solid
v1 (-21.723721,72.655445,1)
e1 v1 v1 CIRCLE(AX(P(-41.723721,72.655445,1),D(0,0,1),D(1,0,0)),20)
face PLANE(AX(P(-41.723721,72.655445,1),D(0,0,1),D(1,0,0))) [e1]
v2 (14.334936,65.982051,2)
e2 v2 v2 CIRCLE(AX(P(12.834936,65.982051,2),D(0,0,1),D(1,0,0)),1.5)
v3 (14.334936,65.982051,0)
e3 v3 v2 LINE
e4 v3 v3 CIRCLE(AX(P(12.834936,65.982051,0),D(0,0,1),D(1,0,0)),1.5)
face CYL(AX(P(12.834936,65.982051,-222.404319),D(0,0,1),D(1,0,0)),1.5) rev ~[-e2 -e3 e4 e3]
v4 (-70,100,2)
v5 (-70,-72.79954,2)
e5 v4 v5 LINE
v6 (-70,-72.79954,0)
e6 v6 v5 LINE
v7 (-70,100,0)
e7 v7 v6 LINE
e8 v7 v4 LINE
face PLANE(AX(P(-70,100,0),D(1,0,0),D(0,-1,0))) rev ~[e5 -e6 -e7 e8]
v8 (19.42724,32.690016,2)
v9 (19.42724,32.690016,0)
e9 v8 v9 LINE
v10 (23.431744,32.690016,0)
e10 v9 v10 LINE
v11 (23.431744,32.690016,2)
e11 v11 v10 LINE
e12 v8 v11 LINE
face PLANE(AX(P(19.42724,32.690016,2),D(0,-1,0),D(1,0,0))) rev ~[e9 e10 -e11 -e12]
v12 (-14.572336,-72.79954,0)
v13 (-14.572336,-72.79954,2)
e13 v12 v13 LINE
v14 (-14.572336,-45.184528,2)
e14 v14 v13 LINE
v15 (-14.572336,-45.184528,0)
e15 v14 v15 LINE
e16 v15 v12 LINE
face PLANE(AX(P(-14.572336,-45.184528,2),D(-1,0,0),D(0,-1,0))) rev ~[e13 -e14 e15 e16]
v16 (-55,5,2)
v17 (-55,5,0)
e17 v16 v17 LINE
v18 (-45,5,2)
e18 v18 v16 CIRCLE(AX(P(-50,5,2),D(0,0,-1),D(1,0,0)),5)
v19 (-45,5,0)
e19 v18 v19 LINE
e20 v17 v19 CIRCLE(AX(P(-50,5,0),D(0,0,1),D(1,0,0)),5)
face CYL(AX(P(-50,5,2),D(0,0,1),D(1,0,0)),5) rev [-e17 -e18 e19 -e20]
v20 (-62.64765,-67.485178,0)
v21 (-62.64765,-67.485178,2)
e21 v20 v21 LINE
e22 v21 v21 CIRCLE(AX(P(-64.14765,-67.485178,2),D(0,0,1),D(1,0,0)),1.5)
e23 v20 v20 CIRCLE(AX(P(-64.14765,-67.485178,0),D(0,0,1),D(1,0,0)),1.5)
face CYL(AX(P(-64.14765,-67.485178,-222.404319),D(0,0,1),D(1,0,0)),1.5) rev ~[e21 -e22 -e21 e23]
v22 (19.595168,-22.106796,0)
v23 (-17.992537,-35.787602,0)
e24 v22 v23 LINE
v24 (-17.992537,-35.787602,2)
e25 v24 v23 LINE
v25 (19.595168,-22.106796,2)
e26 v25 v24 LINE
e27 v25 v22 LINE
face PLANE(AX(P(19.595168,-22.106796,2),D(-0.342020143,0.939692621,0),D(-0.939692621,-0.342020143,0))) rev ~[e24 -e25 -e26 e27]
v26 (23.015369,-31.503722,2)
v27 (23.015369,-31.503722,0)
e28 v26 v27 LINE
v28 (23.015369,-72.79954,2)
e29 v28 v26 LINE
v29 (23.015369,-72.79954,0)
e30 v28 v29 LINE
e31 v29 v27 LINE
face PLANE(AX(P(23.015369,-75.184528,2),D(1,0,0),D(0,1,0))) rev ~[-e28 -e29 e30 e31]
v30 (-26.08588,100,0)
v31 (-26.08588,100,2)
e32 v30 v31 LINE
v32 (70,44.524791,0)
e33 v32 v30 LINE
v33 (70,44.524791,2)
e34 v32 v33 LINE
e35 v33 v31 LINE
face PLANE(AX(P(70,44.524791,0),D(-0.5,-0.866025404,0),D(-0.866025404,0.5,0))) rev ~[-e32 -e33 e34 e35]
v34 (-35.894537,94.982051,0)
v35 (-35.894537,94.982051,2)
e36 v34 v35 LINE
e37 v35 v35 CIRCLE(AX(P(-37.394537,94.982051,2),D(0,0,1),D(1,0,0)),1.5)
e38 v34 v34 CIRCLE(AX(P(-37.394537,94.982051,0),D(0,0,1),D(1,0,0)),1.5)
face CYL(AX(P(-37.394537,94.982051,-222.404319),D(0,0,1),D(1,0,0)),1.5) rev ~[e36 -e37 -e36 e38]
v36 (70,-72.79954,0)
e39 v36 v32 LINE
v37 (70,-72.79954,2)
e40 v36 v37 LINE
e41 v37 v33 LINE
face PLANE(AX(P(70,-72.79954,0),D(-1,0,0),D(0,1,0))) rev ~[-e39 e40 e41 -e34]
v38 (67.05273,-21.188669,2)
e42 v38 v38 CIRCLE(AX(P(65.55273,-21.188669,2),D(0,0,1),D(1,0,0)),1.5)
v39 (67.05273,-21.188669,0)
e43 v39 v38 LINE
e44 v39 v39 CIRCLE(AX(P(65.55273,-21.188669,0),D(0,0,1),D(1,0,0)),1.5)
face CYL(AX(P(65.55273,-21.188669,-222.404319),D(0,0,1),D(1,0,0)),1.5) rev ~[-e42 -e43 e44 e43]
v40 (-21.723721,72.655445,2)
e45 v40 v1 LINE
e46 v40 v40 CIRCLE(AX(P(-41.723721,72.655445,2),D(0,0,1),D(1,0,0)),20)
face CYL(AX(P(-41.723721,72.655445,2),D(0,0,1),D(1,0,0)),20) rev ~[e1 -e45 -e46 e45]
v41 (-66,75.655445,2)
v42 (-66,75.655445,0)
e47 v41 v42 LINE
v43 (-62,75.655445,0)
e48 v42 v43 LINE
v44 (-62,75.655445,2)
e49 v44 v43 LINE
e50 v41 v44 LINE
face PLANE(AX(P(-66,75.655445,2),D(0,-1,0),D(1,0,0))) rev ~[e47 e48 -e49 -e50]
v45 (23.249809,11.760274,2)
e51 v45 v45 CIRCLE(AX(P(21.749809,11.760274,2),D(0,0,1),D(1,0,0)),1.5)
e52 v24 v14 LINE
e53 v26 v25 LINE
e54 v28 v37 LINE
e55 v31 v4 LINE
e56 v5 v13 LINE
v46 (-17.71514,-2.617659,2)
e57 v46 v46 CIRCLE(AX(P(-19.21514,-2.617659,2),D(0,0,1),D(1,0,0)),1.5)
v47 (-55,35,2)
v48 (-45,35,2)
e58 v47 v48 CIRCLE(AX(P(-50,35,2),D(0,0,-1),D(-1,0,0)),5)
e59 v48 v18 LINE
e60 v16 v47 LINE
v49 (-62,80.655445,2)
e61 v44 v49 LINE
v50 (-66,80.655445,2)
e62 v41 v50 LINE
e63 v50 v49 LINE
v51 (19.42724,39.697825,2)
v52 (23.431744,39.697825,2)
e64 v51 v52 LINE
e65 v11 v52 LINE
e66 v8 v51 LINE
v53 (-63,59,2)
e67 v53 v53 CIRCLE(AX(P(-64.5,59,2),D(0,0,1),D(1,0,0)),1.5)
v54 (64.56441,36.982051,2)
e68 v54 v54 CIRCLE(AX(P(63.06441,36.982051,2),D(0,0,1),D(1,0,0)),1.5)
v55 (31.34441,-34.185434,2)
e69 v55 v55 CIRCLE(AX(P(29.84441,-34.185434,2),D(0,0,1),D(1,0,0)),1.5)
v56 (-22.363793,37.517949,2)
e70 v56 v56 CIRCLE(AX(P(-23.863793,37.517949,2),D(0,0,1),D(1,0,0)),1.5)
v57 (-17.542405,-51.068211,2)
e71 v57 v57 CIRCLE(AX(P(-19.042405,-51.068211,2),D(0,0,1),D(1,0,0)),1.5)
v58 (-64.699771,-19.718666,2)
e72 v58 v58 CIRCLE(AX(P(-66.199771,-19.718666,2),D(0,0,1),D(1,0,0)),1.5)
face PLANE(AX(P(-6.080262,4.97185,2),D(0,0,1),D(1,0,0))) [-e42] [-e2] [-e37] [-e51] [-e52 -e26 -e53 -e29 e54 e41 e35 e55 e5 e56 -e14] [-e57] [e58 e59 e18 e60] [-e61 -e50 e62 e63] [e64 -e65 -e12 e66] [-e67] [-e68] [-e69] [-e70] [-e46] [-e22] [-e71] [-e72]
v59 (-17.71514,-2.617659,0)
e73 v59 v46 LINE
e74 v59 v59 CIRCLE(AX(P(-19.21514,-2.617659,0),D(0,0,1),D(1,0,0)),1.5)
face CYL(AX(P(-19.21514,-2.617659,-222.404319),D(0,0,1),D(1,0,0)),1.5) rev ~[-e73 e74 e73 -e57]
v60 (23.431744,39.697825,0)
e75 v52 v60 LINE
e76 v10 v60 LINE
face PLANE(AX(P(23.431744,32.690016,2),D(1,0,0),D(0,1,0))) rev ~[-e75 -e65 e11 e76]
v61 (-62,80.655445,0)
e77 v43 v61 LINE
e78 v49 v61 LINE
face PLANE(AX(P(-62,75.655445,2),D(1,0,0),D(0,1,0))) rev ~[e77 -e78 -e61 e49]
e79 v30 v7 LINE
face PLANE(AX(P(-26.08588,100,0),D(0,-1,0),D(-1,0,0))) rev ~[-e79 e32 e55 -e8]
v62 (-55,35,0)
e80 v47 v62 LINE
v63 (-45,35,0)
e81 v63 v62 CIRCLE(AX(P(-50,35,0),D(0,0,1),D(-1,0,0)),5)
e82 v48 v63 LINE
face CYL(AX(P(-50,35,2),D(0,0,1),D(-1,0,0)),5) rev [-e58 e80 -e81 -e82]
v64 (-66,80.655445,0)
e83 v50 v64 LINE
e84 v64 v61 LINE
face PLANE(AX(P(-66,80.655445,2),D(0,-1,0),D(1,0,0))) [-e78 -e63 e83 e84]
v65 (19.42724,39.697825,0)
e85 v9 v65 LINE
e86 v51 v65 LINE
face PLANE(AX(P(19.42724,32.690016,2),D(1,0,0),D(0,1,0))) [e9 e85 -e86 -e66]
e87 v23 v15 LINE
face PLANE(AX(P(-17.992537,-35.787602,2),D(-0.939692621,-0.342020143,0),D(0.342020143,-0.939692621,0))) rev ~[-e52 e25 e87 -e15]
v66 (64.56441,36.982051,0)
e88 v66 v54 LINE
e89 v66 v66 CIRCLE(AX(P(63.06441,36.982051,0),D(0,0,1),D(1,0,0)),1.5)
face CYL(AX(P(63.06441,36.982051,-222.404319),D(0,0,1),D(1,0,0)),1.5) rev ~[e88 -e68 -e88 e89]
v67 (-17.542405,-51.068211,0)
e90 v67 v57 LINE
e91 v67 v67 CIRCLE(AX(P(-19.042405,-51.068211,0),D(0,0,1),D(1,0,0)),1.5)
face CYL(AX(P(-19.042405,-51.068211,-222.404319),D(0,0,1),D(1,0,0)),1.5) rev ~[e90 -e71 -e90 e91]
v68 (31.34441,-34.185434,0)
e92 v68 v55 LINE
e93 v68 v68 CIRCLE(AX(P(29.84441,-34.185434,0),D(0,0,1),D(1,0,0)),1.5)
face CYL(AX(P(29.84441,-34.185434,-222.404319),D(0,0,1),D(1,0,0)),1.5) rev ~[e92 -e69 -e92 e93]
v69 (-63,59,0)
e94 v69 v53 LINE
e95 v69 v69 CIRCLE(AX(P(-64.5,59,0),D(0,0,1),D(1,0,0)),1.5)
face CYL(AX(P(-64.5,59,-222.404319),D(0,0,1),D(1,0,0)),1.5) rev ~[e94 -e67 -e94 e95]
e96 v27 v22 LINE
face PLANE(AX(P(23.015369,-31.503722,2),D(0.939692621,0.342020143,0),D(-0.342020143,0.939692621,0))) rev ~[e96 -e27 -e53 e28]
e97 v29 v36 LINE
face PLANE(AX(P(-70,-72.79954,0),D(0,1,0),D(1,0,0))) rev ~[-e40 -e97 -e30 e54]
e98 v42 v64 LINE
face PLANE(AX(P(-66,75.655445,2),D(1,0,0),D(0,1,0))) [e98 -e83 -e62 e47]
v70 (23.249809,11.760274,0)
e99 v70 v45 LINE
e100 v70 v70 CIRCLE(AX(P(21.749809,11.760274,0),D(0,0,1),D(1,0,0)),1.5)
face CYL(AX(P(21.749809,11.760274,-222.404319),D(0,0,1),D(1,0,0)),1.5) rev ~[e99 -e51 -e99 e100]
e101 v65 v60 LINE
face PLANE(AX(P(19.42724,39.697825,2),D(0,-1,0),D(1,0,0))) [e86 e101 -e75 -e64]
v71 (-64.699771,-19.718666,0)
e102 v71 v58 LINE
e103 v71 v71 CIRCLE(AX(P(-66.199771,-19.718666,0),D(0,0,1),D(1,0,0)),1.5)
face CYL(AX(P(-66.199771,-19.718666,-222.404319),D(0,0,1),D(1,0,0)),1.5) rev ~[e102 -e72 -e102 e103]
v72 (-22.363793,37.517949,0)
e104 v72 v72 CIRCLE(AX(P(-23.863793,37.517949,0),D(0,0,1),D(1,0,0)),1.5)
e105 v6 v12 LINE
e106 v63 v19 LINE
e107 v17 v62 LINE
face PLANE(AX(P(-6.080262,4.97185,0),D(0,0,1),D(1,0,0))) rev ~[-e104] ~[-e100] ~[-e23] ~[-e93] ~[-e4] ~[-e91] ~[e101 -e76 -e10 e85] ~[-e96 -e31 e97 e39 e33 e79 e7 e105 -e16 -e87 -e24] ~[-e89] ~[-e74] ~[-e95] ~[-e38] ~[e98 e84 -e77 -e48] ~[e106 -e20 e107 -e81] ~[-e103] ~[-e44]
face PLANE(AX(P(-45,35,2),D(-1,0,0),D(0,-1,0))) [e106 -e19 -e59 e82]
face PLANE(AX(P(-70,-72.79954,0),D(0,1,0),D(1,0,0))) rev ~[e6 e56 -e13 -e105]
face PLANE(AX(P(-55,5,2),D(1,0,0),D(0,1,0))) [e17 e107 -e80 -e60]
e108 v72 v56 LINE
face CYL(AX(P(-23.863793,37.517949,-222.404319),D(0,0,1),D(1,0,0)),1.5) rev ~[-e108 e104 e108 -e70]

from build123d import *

# Parameters (mm, degrees)
BOSS_EXTRUDE1_DEPTH         = 2
SKETCH3_W                   = 4.004504799
SKETCH3_H                   = 7.007808652
SKETCH3_W_2                 = 4
SKETCH3_H_2                 = 5
CUT_EXTRUDE1_DEPTH          = 10
SKETCH4_R                   = 20
CUT_EXTRUDE2_DEPTH          = 1
F_3_0MM_PRESS_DOWEL_HOLE1_D = 3
CUT_EXTRUDE3_DEPTH          = 272.480461976


with BuildPart() as part:
    # Sketch1 → Boss-Extrude1 (new body)
    with BuildSketch(Plane.XY):
        Polygon((-70, 100), (-70, -72.799540117), (70, -72.799540117), (70, 44.524791386), (-26.08587988, 100), align=None)
    extrude(amount=BOSS_EXTRUDE1_DEPTH)

    # Sketch3 → Cut-Extrude1 (cut)
    with BuildSketch(Plane.XY.offset(2)):
        with Locations((21.429491924, 36.193920339)):
            Rectangle(SKETCH3_W, SKETCH3_H)
        with Locations((-64, 78.155444566)):
            Rectangle(SKETCH3_W_2, SKETCH3_H_2)
        Polygon((-14.572335871, -75.184527756), (23.015368961, -75.184527756), (23.015368961, -31.503722023), (19.595167527, -22.106795815), (-17.992537304, -35.787601548), (-14.572335871, -45.184527756), align=None)
    extrude(amount=-CUT_EXTRUDE1_DEPTH, mode=Mode.SUBTRACT)

    # Sketch4 → Cut-Extrude2 (cut)
    with BuildSketch(Plane.XY.offset(2)):
        with Locations((-41.723720558, 72.655444566)):
            Circle(SKETCH4_R)
    extrude(amount=-CUT_EXTRUDE2_DEPTH, mode=Mode.SUBTRACT)

    # Ø3.0mm Press Dowel Hole1 (through all)
    with Locations(Plane(origin=(-89.742029537, -119.499715795, 0), x_dir=(-1, 0, 0), z_dir=(0, 0, -1))):
        with Locations((-23.542258378, 99.781049413), (-25.594379238, 52.014538143), (-70.699625036, 68.431505023), (-70.526889417, 116.882056579), (-111.491838386, 131.259989766), (-119.586439667, 85.314281565), (-155.294759257, 98.311047011), (-152.806439447, 156.481766603), (-65.878236217, 157.017664987), (-102.576966028, 185.481766603), (-52.347492608, 214.481766603), (-25.242029537, 178.499715795)):
            Hole(F_3_0MM_PRESS_DOWEL_HOLE1_D / 2)

    # Sketch7 → Cut-Extrude3 (cut, through all)
    with BuildSketch(Plane(origin=(-89.742029537, -119.499715795, 2), x_dir=(1, 0, 0), z_dir=(0, 0, 1))):
        with BuildLine():
            Line((44.742029537, 154.499715795), (44.742029537, 124.499715795))
            ThreePointArc((44.742029537, 124.499715795), (39.742029537, 119.499715795), (34.742029537, 124.499715795))
            Line((34.742029537, 124.499715795), (34.742029537, 154.499715795))
            ThreePointArc((34.742029537, 154.499715795), (39.742029537, 159.499715795), (44.742029537, 154.499715795))
        make_face()
    extrude(amount=-CUT_EXTRUDE3_DEPTH, mode=Mode.SUBTRACT)


solid = part.part
